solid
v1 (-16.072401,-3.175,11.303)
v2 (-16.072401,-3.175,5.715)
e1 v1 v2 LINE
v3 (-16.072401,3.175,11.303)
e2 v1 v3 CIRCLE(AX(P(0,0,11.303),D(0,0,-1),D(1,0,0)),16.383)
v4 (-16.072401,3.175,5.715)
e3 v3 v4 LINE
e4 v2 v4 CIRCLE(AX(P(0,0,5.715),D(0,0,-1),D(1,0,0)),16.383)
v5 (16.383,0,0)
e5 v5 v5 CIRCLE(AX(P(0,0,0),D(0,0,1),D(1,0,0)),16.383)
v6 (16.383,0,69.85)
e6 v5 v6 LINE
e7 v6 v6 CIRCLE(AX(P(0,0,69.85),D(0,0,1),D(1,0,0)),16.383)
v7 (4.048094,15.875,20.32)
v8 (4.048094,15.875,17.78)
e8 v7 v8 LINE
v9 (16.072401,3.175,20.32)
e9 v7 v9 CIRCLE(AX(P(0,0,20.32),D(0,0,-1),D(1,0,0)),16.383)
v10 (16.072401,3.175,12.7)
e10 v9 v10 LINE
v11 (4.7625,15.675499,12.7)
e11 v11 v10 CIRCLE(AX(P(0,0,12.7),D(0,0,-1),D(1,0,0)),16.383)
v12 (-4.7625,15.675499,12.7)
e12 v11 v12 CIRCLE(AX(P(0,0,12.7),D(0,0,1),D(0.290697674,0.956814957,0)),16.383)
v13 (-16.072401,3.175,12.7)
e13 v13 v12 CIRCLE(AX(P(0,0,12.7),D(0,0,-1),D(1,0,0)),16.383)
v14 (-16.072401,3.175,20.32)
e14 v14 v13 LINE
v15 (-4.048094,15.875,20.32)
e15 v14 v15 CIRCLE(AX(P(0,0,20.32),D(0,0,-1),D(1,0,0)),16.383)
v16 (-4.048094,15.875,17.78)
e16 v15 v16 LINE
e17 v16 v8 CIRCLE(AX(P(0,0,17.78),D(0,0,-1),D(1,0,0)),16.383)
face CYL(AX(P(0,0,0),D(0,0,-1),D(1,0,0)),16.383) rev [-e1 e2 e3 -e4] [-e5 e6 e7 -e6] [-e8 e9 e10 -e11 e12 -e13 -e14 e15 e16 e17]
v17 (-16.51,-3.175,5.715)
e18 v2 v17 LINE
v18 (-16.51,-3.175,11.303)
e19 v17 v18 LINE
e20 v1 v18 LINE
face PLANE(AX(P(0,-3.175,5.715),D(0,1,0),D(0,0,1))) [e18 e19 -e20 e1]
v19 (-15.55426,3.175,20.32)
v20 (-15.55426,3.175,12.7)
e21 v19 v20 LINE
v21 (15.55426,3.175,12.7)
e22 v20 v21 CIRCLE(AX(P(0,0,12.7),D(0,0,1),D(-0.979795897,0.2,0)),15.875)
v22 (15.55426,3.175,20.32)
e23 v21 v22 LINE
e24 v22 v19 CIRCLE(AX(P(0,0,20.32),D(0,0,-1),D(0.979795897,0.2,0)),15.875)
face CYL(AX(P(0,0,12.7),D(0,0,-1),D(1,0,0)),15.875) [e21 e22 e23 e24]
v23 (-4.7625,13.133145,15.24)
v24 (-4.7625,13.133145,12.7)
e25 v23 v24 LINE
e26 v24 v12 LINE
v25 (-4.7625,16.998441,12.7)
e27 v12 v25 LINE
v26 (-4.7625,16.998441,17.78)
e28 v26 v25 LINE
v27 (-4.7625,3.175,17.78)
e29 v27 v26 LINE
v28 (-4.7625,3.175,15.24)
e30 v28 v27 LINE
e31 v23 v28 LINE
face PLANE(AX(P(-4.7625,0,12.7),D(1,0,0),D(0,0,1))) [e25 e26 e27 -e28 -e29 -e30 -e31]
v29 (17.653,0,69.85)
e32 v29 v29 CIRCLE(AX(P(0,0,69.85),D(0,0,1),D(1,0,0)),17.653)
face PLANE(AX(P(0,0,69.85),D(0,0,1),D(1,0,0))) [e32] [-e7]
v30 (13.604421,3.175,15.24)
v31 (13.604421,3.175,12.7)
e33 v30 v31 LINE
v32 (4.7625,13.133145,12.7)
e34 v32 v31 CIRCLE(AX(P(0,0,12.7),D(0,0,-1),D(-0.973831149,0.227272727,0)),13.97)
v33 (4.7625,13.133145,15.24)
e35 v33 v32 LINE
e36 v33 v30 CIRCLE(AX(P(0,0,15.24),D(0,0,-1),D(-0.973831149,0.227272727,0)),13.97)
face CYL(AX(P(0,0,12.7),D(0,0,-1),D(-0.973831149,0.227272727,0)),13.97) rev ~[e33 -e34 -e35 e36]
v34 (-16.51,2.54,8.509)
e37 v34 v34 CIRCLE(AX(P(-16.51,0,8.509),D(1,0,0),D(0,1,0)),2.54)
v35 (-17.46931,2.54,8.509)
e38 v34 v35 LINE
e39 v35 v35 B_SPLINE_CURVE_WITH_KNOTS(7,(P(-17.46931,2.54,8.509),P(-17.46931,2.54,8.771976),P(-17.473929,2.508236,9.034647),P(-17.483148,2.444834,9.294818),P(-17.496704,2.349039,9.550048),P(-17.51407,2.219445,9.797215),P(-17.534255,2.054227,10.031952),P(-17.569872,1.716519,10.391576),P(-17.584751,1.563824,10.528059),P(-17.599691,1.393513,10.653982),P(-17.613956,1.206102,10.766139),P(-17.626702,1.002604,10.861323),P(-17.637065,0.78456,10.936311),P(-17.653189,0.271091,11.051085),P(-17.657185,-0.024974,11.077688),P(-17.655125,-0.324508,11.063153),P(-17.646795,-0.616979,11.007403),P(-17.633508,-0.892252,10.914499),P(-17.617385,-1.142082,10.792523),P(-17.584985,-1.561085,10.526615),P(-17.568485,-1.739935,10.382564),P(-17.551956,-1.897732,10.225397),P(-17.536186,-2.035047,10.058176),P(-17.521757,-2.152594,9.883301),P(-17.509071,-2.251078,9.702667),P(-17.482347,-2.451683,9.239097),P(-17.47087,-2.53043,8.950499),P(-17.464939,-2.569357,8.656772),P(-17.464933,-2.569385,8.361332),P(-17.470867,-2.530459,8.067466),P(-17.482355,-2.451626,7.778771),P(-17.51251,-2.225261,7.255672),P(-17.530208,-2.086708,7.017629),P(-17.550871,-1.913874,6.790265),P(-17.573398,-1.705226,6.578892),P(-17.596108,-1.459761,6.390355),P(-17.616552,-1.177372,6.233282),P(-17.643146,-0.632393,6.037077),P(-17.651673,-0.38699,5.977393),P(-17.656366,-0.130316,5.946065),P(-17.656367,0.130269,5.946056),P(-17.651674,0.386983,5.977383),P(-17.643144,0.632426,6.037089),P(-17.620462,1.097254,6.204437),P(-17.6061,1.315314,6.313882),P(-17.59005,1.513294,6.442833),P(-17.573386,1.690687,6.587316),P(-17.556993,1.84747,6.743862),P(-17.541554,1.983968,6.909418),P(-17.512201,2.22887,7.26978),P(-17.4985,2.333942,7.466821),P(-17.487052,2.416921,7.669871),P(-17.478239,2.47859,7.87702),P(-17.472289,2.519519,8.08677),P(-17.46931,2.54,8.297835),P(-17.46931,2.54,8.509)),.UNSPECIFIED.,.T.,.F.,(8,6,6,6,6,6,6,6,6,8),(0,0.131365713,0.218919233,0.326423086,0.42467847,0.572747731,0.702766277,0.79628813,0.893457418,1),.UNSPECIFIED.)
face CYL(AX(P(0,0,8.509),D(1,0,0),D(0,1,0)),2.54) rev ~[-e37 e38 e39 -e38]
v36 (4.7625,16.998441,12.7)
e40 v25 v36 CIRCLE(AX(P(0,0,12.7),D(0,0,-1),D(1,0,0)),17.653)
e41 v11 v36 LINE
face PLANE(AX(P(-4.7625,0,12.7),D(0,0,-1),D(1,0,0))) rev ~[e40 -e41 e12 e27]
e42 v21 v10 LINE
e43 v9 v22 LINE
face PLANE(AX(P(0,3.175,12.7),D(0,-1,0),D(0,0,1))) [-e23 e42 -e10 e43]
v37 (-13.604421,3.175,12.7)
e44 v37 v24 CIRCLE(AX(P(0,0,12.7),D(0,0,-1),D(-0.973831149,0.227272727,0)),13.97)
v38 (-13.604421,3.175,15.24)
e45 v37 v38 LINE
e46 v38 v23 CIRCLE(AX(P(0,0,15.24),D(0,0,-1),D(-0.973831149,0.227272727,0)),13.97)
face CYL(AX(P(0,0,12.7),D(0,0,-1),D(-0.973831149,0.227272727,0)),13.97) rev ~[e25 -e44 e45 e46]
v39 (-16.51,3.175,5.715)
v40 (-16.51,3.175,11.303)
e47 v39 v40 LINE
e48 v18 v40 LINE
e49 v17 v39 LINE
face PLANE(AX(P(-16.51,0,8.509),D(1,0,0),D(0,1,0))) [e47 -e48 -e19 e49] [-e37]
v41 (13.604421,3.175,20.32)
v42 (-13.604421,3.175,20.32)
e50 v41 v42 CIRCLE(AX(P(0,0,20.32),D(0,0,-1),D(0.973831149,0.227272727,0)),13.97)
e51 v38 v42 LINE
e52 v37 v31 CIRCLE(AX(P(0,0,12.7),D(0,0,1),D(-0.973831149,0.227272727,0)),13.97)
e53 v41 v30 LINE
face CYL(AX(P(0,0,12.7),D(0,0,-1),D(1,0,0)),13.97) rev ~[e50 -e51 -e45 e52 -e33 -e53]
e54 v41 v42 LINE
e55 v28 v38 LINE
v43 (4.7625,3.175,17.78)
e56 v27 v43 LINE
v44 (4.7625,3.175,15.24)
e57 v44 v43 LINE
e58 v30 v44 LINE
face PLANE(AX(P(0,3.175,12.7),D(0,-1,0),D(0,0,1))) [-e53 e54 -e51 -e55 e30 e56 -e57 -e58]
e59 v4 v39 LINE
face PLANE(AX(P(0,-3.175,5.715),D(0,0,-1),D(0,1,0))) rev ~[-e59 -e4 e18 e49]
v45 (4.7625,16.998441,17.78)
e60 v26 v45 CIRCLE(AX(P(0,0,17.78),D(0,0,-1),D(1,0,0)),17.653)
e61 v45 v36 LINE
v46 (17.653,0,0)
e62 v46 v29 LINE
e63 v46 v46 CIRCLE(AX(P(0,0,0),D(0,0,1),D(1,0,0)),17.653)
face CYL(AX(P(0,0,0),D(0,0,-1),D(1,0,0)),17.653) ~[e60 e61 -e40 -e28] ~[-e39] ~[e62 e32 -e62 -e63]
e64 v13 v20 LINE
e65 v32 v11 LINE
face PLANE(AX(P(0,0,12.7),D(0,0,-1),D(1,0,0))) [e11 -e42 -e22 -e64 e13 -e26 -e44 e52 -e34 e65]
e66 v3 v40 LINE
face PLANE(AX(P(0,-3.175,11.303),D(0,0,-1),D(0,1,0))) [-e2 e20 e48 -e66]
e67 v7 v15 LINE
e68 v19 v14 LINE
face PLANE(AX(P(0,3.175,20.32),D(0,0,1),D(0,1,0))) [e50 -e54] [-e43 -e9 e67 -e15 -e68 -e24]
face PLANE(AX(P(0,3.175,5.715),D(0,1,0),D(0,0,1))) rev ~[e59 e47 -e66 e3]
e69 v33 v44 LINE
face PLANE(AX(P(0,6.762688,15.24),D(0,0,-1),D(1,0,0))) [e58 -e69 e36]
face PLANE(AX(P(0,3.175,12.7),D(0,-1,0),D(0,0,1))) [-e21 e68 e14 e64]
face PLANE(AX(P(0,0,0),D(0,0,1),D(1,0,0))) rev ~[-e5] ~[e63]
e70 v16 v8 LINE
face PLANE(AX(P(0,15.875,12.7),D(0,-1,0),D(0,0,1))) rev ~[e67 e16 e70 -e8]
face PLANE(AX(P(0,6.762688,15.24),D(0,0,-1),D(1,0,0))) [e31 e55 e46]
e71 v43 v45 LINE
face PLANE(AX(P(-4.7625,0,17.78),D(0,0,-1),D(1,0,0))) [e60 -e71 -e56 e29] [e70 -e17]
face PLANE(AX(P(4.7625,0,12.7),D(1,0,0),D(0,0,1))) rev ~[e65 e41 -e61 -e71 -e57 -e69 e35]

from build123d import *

# Parameters (mm, degrees)
F0_R      = 17.653
F0_R_2    = 16.383
F1_DEPTH  = 69.85
F2_W      = 12.7
F2_H      = 7.62
F6_R      = 2.54
F7_DEPTH  = 25.4
F8_R      = 15.875
F8_R_2    = 13.97
F9_DEPTH  = 2.54
F10_DEPTH = 7.62
F11_DEPTH = 2.54
F3_W      = 9.525
F3_H      = 5.08
F12_DEPTH = 25.4
F13_W     = 6.35
F13_H     = 5.588
F14_DEPTH = 16.51


with BuildPart() as f1:
    # F0 (on Top) → F1 (new body)
    with BuildSketch(Plane.XY):
        Circle(F0_R)
        Circle(F0_R_2, mode=Mode.SUBTRACT)
    extrude(amount=F1_DEPTH)

    # F2 (on Right) → F4 (join, up to the next surface of F1)
    with BuildSketch(Plane.YZ):
        with Locations((9.525, 16.51)):
            Rectangle(F2_W, F2_H)
    extrude(until=Until.NEXT, dir=(-1, 0, 0))

    # F2 (on Right) → F5 (join, up to the next surface of F1)
    with BuildSketch(Plane.YZ):
        with Locations((9.525, 16.51)):
            Rectangle(F2_W, F2_H)
    extrude(until=Until.NEXT)

    # F6 (on Right) → F7 (cut)
    with BuildSketch(Plane.YZ):
        with Locations((0, 8.509)):
            Circle(F6_R)
    extrude(amount=-F7_DEPTH, mode=Mode.SUBTRACT)

    # F8 (on face) → F9 (join)
    with BuildSketch(Plane(origin=(0, 0, 12.7), x_dir=(1, 0, 0), z_dir=(0, 0, -1))):
        Circle(F8_R)
        Circle(F8_R_2, mode=Mode.SUBTRACT)
    extrude(amount=-F9_DEPTH)

    # F8 (on face) → F10 (join)
    with BuildSketch(Plane(origin=(0, 0, 12.7), x_dir=(1, 0, 0), z_dir=(0, 0, -1))):
        Circle(F8_R)
        Circle(F8_R_2, mode=Mode.SUBTRACT)
    extrude(amount=-F10_DEPTH)

    # F8 (on face) → F11 (cut)
    with BuildSketch(Plane(origin=(0, 0, 12.7), x_dir=(1, 0, 0), z_dir=(0, 0, -1))):
        with BuildLine():
            Line((13.6044211564, -3.175), (-13.6044211564, -3.175))
            ThreePointArc((-13.6044211564, -3.175), (0, -13.97), (13.6044211564, -3.175))
        make_face()
    extrude(amount=-F11_DEPTH, mode=Mode.SUBTRACT)

    # F3 (on Front) → F12 (cut)
    with BuildSketch(Plane.XZ):
        with Locations((0, 15.24)):
            Rectangle(F3_W, F3_H)
    extrude(amount=-F12_DEPTH, mode=Mode.SUBTRACT)

    # F13 (on Right) → F14 (cut)
    with BuildSketch(Plane.YZ):
        with Locations((0, 8.509)):
            Rectangle(F13_W, F13_H)
    extrude(amount=-F14_DEPTH, mode=Mode.SUBTRACT)


solid = f1.part
